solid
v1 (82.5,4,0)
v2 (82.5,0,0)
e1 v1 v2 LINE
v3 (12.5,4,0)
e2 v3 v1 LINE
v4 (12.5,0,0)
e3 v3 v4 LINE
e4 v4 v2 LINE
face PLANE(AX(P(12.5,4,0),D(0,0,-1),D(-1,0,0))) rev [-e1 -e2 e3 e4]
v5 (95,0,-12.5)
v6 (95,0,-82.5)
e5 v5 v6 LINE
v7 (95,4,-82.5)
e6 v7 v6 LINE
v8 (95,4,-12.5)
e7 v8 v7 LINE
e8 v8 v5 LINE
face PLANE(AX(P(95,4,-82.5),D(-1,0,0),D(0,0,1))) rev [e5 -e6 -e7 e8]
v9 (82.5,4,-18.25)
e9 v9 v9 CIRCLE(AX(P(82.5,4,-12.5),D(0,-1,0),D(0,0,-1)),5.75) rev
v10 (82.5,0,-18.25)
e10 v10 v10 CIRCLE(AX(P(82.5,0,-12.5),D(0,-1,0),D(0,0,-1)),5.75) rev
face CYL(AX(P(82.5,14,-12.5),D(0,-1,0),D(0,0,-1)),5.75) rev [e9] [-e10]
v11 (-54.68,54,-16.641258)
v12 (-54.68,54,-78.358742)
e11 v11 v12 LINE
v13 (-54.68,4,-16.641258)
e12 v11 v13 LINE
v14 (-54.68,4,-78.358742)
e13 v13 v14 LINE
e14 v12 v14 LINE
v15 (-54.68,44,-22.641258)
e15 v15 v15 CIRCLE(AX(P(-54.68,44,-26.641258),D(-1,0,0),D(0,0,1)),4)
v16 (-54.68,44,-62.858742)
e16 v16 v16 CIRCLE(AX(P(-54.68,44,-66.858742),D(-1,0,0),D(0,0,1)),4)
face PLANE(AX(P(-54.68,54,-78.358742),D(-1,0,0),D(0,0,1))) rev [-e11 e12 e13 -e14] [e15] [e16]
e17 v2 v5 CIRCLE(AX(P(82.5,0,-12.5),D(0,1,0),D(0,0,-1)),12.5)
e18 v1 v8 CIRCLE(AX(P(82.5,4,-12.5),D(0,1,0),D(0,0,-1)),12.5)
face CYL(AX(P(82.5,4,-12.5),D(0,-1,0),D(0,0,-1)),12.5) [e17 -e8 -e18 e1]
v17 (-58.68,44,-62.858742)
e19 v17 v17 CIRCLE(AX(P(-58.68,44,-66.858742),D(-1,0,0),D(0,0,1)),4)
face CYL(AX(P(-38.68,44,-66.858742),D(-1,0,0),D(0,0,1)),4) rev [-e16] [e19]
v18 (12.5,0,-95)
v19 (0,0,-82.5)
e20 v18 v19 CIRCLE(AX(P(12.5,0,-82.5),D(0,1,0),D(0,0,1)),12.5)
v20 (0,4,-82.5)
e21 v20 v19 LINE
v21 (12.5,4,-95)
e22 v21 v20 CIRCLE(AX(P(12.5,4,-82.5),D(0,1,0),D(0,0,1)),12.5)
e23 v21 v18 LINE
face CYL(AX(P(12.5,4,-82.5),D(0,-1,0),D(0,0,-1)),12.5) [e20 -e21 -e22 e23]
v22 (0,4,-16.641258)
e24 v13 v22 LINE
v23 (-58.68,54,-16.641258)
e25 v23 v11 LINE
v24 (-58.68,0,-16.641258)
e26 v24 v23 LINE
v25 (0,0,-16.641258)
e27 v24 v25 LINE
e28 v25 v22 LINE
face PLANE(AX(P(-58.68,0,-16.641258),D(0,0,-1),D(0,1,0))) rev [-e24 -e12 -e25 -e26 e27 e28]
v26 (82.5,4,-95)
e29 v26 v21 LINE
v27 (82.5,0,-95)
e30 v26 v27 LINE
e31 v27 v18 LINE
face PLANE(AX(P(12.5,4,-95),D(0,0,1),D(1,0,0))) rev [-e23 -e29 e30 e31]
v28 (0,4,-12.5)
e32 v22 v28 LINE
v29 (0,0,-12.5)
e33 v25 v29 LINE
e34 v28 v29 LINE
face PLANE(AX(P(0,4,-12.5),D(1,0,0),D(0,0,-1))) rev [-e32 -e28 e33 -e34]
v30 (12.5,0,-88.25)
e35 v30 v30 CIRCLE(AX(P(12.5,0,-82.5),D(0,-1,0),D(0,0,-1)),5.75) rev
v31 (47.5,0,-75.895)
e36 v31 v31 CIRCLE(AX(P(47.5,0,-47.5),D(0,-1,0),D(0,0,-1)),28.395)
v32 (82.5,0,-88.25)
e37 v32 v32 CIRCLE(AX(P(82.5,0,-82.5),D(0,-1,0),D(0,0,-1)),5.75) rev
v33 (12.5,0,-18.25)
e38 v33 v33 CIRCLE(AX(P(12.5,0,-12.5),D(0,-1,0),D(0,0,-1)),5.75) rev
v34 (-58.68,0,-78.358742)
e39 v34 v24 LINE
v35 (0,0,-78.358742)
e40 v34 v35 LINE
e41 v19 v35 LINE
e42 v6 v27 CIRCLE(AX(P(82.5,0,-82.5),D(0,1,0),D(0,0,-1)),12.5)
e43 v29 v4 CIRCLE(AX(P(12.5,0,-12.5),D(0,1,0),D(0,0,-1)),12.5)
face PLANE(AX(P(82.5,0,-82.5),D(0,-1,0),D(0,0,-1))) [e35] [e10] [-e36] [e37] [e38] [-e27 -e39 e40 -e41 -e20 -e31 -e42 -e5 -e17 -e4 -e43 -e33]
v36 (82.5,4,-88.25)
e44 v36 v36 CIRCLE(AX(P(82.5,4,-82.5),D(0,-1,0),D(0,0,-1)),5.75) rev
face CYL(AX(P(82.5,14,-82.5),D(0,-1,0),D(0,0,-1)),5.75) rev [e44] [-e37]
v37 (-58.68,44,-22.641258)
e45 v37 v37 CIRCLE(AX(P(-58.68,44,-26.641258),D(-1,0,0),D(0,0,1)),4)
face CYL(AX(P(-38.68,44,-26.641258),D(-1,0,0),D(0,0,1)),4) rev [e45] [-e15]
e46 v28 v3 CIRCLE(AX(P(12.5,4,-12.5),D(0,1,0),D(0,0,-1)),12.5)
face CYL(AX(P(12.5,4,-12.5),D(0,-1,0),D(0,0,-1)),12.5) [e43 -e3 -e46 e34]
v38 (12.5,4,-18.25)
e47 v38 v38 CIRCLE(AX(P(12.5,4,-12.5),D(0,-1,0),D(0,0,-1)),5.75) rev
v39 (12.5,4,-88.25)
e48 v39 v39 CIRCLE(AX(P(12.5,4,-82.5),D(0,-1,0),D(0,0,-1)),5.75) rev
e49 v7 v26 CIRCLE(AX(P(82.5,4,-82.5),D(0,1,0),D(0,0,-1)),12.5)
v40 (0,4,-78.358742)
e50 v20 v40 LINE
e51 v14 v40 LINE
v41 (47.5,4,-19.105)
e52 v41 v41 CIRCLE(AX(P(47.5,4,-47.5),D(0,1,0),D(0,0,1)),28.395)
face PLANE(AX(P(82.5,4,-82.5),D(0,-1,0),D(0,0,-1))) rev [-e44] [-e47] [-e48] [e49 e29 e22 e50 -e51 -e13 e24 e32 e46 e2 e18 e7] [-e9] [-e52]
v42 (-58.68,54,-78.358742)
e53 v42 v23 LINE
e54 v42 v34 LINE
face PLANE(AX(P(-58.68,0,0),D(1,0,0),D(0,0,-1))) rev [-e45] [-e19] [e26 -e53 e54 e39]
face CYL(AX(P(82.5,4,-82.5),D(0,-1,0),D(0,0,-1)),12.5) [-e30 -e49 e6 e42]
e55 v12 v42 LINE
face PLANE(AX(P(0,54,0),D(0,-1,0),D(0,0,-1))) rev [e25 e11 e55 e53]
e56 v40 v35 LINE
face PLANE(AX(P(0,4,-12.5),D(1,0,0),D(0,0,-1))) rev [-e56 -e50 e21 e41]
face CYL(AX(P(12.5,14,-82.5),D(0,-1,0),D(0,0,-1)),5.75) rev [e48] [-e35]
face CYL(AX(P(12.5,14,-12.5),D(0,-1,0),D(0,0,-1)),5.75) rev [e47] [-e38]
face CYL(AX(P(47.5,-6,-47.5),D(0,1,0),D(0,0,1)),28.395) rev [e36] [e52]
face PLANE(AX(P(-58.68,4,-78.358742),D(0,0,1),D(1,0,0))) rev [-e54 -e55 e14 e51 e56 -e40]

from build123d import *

# Parameters (mm, degrees)
BOSS_EXTRUDE1_DEPTH     = 4
CUT_EXTRUDE1_DEPTH      = 10
CUT_EXTRUDE1_DEPTH_BACK = 10
SKETCH2_R               = 5.75
BOSS_EXTRUDE5_DEPTH     = 58.68
SKETCH12_W              = 4
SKETCH12_H              = 61.717483032
BOSS_EXTRUDE8_DEPTH     = 50
SKETCH13_R              = 4
CUT_EXTRUDE5_DEPTH      = 20
SKETCH14_R              = 28.395
CUT_EXTRUDE6_DEPTH      = 10


with BuildPart() as part:
    # Sketch1 → Boss-Extrude1 (new body)
    with BuildSketch(Plane(origin=(0, 0, 0), x_dir=(1, 0, 0), z_dir=(0, 1, 0))):
        with BuildLine():
            Line((12.5, 0), (82.5, 0))
            ThreePointArc((82.5, 0), (91.338834765, 3.661165235), (95, 12.5))
            Line((95, 12.5), (95, 82.5))
            ThreePointArc((95, 82.5), (91.338834765, 91.338834765), (82.5, 95))
            Line((82.5, 95), (12.5, 95))
            ThreePointArc((12.5, 95), (3.661165235, 91.338834765), (0, 82.5))
            Line((0, 82.5), (0, 12.5))
            ThreePointArc((0, 12.5), (3.661165235, 3.661165235), (12.5, 0))
        make_face()
    extrude(amount=BOSS_EXTRUDE1_DEPTH)

    # Sketch2 → Cut-Extrude1 (cut, two sides: drawn at the far end of the back side and taken through both)
    with BuildSketch(Plane(origin=(0, 4, 0), x_dir=(1, 0, 0), z_dir=(0, 1, 0)).offset(-CUT_EXTRUDE1_DEPTH_BACK)):
        with Locations(Location((12.5, 82.5, 0), (0, 0, 90))):
            Circle(SKETCH2_R)
        with Locations(Location((82.5, 82.5, 0), (0, 0, 90))):
            Circle(SKETCH2_R)
        with Locations(Location((12.5, 12.5, 0), (0, 0, 90))):
            Circle(SKETCH2_R)
        with Locations(Location((82.5, 12.5, 0), (0, 0, 90))):
            Circle(SKETCH2_R)
    extrude(amount=CUT_EXTRUDE1_DEPTH + CUT_EXTRUDE1_DEPTH_BACK, mode=Mode.SUBTRACT)

    # Sketch8 → Boss-Extrude5 (add)
    with BuildSketch(Plane.ZY):
        Polygon((-17.641258484, 4), (-16.641258484, 4), (-16.641258484, 0), (-78.358741516, 0), (-78.358741516, 4), (-77.358741516, 4), align=None)
    extrude(amount=BOSS_EXTRUDE5_DEPTH)

    # Sketch12 → Boss-Extrude8 (add)
    with BuildSketch(Plane(origin=(0, 4, 0), x_dir=(1, 0, 0), z_dir=(0, 1, 0))):
        with Locations((-56.68, 47.5)):
            Rectangle(SKETCH12_W, SKETCH12_H)
    extrude(amount=BOSS_EXTRUDE8_DEPTH)

    # Sketch13 → Cut-Extrude5 (cut)
    with BuildSketch(Plane.ZY.offset(58.68)):
        with Locations((-66.858741516, 44)):
            Circle(SKETCH13_R)
        with Locations((-26.641258484, 44)):
            Circle(SKETCH13_R)
    extrude(amount=-CUT_EXTRUDE5_DEPTH, mode=Mode.SUBTRACT)

    # Sketch14 → Cut-Extrude6 (cut)
    with BuildSketch(Plane(origin=(0, 4, 0), x_dir=(1, 0, 0), z_dir=(0, 1, 0))):
        with Locations(Location((47.5, 47.5, 0), (0, 0, 270))):
            Circle(SKETCH14_R)
    extrude(amount=-CUT_EXTRUDE6_DEPTH, mode=Mode.SUBTRACT)


solid = part.part
